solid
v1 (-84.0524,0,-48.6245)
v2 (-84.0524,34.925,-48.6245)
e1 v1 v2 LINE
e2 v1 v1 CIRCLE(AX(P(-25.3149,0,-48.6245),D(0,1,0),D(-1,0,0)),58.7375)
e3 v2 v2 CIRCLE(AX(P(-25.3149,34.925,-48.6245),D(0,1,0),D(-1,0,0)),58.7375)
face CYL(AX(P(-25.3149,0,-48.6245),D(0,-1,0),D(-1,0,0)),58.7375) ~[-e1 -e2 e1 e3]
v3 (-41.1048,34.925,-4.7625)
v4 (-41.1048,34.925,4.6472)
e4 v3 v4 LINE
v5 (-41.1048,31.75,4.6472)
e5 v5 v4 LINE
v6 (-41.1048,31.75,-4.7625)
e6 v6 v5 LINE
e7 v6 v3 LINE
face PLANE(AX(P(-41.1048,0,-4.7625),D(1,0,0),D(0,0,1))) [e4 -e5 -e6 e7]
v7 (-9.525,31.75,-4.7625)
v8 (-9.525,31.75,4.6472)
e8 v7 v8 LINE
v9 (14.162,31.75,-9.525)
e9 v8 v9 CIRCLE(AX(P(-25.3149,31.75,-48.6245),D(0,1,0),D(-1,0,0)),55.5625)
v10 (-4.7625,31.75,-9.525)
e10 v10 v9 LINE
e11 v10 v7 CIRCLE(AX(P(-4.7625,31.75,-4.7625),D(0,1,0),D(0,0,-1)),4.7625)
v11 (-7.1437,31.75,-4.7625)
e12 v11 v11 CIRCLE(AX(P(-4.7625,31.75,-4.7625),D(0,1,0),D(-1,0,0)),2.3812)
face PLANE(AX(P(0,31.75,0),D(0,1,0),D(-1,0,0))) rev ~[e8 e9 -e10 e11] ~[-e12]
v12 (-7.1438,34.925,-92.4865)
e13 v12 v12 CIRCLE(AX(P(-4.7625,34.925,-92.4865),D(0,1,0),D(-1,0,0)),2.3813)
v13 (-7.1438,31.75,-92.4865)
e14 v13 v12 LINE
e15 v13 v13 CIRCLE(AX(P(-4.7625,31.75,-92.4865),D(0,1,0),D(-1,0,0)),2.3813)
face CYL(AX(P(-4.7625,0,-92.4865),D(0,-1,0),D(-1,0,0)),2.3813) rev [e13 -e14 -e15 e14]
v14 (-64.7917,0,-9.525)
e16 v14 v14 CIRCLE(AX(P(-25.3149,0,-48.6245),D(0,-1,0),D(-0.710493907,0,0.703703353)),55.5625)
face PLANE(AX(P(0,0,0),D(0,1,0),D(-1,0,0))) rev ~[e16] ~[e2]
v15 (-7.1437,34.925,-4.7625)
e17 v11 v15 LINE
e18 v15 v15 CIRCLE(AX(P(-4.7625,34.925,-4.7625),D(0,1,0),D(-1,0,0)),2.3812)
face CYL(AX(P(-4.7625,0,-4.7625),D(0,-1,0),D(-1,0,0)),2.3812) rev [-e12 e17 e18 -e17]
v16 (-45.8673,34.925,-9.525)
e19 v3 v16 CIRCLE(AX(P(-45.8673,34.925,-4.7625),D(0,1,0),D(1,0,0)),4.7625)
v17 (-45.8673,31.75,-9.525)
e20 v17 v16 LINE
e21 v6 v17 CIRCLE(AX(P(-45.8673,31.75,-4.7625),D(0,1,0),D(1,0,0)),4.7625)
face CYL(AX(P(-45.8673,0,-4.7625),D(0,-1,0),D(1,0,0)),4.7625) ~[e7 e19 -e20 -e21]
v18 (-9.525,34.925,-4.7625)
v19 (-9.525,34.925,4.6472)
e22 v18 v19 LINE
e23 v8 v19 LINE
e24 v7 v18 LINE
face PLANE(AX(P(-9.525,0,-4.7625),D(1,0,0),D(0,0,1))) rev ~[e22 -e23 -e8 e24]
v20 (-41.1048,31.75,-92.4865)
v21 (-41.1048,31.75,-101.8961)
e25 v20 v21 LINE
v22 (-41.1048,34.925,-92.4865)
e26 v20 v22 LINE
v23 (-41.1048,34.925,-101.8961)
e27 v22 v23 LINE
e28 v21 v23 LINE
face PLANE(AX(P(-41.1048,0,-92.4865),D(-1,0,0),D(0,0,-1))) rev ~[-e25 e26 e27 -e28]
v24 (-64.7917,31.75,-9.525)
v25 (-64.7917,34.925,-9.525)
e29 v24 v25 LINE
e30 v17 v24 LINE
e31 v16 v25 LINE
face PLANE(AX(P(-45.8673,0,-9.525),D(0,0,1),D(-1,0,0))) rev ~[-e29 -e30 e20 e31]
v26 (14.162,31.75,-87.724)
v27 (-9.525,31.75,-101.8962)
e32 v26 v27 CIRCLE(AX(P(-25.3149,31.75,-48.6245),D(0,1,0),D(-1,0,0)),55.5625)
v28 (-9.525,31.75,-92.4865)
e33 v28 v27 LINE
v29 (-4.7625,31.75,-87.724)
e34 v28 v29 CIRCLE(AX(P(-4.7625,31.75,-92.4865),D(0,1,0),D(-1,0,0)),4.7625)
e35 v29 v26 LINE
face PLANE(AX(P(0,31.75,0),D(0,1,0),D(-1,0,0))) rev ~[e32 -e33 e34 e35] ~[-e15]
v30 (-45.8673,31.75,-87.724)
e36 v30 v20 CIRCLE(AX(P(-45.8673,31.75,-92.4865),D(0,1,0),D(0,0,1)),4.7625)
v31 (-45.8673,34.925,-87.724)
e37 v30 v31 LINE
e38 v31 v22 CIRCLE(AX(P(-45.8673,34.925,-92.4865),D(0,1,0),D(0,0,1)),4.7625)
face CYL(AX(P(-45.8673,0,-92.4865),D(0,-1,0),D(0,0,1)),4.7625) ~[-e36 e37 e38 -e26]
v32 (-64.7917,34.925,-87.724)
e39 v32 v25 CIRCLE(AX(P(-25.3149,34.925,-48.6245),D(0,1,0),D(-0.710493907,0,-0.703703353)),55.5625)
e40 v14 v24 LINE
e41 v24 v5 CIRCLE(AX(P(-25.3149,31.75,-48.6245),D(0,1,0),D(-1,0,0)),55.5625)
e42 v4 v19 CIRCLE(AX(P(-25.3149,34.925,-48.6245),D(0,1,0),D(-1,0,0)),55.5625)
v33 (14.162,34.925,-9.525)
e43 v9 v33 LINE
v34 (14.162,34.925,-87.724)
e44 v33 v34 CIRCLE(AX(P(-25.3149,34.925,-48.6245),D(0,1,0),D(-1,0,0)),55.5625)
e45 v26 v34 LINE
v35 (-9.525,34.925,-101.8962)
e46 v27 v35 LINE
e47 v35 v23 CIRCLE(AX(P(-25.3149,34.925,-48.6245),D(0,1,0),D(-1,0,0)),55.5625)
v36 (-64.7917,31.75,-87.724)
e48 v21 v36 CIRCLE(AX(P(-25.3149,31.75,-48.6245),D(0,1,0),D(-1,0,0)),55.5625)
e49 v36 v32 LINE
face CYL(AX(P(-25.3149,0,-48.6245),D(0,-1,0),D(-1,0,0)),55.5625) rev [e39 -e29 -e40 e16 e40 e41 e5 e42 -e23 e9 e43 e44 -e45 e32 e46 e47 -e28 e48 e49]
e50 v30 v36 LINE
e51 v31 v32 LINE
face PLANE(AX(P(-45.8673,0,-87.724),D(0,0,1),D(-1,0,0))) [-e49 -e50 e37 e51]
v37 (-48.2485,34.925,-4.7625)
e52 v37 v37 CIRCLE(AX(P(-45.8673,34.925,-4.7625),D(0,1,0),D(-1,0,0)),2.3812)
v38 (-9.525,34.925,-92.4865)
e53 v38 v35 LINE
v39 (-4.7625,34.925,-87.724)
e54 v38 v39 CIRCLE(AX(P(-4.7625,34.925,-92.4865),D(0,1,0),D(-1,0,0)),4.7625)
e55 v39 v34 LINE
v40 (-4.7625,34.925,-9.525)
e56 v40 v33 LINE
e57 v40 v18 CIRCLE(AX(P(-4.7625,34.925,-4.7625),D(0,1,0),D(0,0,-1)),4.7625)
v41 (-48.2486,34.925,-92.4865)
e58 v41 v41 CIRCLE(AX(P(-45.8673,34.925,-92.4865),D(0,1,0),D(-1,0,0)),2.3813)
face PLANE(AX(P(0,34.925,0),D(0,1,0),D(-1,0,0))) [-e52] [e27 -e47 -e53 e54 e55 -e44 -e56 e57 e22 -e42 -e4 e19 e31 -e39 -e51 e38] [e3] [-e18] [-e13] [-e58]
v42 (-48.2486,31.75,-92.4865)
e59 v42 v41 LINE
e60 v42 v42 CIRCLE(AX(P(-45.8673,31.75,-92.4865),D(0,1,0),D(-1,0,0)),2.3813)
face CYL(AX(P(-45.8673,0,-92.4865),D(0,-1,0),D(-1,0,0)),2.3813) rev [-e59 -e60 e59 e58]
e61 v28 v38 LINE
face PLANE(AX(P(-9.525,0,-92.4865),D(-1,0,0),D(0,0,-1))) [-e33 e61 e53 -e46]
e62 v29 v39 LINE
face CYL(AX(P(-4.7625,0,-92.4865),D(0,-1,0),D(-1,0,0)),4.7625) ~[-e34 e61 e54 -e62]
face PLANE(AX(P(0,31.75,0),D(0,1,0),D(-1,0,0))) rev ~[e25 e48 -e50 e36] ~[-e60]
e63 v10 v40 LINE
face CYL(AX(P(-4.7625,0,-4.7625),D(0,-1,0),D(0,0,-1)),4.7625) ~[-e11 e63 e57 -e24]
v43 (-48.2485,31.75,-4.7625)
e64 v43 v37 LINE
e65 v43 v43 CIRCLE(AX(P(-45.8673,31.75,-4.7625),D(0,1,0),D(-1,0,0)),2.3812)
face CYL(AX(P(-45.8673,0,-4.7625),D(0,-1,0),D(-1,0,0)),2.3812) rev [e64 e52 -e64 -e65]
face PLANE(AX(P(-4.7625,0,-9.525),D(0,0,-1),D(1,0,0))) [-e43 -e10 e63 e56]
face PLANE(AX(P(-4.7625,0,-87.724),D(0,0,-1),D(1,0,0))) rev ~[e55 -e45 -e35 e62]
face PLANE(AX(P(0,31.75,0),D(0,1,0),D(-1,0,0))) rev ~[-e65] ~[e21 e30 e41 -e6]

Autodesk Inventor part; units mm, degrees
ref_plane "YZ Plane" through (0, 0, 0) normal (1, 0, 0) x (0, 1, 0)
ref_plane "XZ Plane" through (0, 0, 0) normal (0, 1, 0) x (-1, 0, 0)
ref_plane "XY Plane" through (0, 0, 0) normal (0, 0, 1) x (1, 0, 0)
sketch "Sketch1" plane through (0, 0, 0) normal (0, 1, 0) x (-1, 0, 0)
  circle A0 centre (25.3149, -48.6245) radius 55.5625
  circle A1 centre (25.3149, -48.6245) radius 58.7375
  line L0 (0, -48.6245) -> (50.6298, -48.6245)
  line L1 (25.3149, -97.249) -> (25.3149, 0)
  circle A2 centre (45.8673, -4.7625) radius 2.3812
  circle A3 centre (4.7625, -4.7625) radius 2.3812
  circle A4 centre (45.8673, -92.4865) radius 2.3813
  circle A5 centre (4.7625, -92.4865) radius 2.3813
  arc A6 (45.8673, -87.724) -> (41.1048, -92.4865) centre (45.8673, -92.4865) ccw
  arc A7 (41.1048, -4.7625) -> (45.8673, -9.525) centre (45.8673, -4.7625) ccw
  arc A8 (4.7625, -9.525) -> (9.525, -4.7625) centre (4.7625, -4.7625) ccw
  line L2 (41.1048, -4.7625) -> (41.1048, 4.6472)
  line L3 (45.8673, -9.525) -> (64.7917, -9.525)
  line L4 (9.525, -4.7625) -> (9.525, 4.6472)
  line L5 (4.7625, -9.525) -> (-14.162, -9.525)
  line L6 (4.7625, -87.724) -> (-14.162, -87.724)
  line L7 (9.525, -92.4865) -> (9.525, -101.8962)
  line L8 (41.1048, -92.4865) -> (41.1048, -101.8961)
  line L9 (45.8673, -87.724) -> (64.7917, -87.724)
  arc A9 (9.525, -92.4865) -> (4.7625, -87.724) centre (4.7625, -92.4865) ccw
  point P0 (0, 0)
  dimension "d3" = 111.125
  dimension "d4" = 117.475
extrude "Extrusion1" add sketch "Sketch1" along normal blind 34.925 contours L3 A7 L2 A0 | A0 L8 A6 L9 | L4 A8 L5 A0 | A0 L6 A9 L7 | A1
extrude "Extrusion2" cut sketch "Sketch1" along normal blind 31.75 contours L3 A7 L2 A0 | A0 L8 A6 L9 | L4 A8 L5 A0 | A0 L6 A9 L7
properties part number "TxCeilingMount"
